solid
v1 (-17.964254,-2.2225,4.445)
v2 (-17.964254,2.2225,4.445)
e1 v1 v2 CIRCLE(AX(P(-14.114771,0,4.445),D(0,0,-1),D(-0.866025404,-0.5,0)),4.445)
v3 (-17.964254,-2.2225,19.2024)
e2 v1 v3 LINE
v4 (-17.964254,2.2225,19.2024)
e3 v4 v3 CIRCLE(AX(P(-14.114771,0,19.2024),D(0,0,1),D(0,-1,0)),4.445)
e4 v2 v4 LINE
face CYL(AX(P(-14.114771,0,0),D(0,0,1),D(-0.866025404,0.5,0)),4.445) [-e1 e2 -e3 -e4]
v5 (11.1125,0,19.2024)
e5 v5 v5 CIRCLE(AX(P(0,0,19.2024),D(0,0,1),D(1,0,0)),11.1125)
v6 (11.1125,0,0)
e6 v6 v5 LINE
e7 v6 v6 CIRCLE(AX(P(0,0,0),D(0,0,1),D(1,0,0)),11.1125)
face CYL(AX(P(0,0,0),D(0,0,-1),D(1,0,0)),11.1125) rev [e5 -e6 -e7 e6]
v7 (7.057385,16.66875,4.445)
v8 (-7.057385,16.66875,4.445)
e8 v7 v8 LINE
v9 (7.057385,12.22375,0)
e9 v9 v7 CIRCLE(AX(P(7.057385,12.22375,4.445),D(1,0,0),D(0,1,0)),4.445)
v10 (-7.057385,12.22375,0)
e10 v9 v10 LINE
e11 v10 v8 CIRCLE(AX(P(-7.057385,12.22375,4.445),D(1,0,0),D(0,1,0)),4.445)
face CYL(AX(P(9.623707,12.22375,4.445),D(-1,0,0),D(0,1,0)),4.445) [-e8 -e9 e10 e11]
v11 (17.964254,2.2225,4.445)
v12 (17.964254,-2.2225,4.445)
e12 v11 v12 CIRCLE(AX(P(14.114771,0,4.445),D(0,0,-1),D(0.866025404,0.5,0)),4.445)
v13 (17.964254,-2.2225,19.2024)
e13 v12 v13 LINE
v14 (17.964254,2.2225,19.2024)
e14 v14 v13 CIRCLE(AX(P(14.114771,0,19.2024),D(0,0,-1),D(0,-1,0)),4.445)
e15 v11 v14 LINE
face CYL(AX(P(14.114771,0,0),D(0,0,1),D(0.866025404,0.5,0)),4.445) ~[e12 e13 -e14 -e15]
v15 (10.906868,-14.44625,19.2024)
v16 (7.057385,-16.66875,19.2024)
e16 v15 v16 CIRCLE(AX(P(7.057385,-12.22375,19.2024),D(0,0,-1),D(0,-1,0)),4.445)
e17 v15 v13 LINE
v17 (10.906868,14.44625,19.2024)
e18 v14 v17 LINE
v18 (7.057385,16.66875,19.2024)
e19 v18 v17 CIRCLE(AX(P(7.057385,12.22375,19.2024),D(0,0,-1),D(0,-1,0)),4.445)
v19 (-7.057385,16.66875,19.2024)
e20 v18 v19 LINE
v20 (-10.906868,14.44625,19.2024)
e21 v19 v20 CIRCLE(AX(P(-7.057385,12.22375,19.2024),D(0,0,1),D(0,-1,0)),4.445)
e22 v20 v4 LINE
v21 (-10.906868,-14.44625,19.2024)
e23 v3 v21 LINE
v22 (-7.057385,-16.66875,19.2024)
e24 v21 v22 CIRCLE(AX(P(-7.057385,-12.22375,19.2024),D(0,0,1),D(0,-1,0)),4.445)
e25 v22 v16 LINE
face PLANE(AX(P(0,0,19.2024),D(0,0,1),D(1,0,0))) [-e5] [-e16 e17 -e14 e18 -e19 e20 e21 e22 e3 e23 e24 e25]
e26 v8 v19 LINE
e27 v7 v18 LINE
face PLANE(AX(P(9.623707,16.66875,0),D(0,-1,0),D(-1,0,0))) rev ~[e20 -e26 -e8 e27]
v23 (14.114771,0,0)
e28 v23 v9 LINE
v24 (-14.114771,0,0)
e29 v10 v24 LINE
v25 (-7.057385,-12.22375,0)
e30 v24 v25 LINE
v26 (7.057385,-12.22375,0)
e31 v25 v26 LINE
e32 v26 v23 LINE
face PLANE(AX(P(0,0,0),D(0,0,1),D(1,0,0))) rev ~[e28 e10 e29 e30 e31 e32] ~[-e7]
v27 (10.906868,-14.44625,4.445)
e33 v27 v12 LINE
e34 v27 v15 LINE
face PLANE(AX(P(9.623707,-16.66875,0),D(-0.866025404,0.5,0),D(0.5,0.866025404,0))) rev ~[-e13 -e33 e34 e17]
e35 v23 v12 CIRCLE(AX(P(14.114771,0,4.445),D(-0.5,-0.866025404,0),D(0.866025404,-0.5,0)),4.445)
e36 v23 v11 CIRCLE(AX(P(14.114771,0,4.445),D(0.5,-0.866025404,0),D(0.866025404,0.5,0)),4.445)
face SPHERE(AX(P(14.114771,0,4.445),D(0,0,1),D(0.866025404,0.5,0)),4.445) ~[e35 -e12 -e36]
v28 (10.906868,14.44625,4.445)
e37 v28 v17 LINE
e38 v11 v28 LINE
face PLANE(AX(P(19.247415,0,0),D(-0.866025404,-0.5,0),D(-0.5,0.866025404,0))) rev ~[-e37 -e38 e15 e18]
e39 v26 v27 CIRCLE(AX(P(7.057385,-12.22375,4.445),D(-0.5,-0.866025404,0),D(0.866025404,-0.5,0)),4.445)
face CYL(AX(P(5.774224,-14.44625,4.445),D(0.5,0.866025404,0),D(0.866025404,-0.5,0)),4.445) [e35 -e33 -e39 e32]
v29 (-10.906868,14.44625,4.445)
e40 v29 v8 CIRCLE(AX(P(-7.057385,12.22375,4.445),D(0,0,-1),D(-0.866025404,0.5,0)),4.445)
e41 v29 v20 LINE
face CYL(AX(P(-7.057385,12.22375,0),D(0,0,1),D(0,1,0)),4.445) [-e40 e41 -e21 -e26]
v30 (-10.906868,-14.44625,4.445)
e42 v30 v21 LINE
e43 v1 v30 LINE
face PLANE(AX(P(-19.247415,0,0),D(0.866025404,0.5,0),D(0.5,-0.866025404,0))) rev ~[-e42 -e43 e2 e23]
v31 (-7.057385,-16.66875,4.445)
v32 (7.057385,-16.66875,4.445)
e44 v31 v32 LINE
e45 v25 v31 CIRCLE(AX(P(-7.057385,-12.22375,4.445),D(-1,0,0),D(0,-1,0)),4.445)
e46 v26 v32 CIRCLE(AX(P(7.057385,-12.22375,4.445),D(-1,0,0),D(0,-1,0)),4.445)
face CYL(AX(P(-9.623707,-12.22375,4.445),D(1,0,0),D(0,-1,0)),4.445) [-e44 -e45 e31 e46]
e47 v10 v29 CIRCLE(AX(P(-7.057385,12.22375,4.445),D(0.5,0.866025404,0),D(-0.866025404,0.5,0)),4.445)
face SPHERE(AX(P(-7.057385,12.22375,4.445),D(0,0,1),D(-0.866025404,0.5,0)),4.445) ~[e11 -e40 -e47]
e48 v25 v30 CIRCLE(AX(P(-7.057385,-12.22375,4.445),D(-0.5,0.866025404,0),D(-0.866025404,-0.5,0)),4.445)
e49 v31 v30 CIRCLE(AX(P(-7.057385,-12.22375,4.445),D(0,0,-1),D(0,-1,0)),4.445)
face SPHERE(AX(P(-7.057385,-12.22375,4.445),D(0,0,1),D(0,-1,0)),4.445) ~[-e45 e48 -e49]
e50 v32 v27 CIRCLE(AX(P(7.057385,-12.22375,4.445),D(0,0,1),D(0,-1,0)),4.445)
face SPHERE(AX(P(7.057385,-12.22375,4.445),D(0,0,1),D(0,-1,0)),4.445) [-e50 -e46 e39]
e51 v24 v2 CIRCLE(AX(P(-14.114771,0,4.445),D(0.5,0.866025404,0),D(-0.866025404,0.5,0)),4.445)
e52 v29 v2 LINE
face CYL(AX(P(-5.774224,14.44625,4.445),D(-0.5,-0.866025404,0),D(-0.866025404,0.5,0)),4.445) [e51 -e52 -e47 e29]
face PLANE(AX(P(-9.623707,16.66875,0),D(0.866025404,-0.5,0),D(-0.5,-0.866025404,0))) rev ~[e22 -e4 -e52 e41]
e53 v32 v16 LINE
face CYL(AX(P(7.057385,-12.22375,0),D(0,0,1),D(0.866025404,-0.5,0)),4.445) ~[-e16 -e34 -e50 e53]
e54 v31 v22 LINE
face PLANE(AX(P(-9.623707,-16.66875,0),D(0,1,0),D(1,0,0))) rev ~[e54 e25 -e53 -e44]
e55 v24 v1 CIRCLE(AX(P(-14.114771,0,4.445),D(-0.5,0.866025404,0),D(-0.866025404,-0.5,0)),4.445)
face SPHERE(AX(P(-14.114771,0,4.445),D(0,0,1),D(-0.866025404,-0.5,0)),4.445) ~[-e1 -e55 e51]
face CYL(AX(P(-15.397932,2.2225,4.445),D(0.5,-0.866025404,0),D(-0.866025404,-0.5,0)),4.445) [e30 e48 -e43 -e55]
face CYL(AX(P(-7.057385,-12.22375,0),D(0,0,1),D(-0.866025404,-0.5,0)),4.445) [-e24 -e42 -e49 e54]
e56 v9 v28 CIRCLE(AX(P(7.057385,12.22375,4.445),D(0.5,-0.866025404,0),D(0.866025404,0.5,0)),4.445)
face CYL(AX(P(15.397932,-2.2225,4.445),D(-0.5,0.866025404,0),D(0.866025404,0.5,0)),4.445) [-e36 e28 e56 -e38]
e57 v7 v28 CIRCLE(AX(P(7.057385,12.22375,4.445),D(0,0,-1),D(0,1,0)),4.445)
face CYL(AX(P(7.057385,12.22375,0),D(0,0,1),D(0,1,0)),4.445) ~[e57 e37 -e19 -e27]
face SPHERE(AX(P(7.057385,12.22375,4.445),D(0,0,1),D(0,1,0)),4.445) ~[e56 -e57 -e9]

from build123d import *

# Parameters (mm, degrees)
F0_R     = 7.9375
F1_DEPTH = 13.716
F2_R     = 3.175
F3_SCALE = 1.4


with BuildPart() as f1:
    # F0 (on Top) → F1 (new body)
    with BuildSketch(Plane.XY):
        Polygon((6.8740766425, 11.90625), (-6.8740766425, 11.90625), (-13.7481532851, 0), (-6.8740766425, -11.90625), (6.8740766425, -11.90625), (13.7481532851, 0), align=None)
        Circle(F0_R, mode=Mode.SUBTRACT)
    extrude(amount=F1_DEPTH)

    # F2
    f2_edges = [f1.edges().sort_by_distance(p)[0] for p in [
        (-13.748153, 0, 6.858),
        (10.311115, -5.953125, 0),
        (13.748153, 0, 6.858),
        (6.874077, -11.90625, 6.858),
        (-6.874077, -11.90625, 6.858),
        (6.874077, 11.90625, 6.858),
        (-6.874077, 11.90625, 6.858),
        (0, -11.90625, 0),
        (-10.311115, -5.953125, 0),
        (-10.311115, 5.953125, 0),
        (0, 11.90625, 0),
        (10.311115, 5.953125, 0),
    ]]
    fillet(f2_edges, radius=F2_R)


with BuildPart() as f1_1:
    # F3: moved
    add(f1.part.scale(F3_SCALE))


solid = f1_1.part
